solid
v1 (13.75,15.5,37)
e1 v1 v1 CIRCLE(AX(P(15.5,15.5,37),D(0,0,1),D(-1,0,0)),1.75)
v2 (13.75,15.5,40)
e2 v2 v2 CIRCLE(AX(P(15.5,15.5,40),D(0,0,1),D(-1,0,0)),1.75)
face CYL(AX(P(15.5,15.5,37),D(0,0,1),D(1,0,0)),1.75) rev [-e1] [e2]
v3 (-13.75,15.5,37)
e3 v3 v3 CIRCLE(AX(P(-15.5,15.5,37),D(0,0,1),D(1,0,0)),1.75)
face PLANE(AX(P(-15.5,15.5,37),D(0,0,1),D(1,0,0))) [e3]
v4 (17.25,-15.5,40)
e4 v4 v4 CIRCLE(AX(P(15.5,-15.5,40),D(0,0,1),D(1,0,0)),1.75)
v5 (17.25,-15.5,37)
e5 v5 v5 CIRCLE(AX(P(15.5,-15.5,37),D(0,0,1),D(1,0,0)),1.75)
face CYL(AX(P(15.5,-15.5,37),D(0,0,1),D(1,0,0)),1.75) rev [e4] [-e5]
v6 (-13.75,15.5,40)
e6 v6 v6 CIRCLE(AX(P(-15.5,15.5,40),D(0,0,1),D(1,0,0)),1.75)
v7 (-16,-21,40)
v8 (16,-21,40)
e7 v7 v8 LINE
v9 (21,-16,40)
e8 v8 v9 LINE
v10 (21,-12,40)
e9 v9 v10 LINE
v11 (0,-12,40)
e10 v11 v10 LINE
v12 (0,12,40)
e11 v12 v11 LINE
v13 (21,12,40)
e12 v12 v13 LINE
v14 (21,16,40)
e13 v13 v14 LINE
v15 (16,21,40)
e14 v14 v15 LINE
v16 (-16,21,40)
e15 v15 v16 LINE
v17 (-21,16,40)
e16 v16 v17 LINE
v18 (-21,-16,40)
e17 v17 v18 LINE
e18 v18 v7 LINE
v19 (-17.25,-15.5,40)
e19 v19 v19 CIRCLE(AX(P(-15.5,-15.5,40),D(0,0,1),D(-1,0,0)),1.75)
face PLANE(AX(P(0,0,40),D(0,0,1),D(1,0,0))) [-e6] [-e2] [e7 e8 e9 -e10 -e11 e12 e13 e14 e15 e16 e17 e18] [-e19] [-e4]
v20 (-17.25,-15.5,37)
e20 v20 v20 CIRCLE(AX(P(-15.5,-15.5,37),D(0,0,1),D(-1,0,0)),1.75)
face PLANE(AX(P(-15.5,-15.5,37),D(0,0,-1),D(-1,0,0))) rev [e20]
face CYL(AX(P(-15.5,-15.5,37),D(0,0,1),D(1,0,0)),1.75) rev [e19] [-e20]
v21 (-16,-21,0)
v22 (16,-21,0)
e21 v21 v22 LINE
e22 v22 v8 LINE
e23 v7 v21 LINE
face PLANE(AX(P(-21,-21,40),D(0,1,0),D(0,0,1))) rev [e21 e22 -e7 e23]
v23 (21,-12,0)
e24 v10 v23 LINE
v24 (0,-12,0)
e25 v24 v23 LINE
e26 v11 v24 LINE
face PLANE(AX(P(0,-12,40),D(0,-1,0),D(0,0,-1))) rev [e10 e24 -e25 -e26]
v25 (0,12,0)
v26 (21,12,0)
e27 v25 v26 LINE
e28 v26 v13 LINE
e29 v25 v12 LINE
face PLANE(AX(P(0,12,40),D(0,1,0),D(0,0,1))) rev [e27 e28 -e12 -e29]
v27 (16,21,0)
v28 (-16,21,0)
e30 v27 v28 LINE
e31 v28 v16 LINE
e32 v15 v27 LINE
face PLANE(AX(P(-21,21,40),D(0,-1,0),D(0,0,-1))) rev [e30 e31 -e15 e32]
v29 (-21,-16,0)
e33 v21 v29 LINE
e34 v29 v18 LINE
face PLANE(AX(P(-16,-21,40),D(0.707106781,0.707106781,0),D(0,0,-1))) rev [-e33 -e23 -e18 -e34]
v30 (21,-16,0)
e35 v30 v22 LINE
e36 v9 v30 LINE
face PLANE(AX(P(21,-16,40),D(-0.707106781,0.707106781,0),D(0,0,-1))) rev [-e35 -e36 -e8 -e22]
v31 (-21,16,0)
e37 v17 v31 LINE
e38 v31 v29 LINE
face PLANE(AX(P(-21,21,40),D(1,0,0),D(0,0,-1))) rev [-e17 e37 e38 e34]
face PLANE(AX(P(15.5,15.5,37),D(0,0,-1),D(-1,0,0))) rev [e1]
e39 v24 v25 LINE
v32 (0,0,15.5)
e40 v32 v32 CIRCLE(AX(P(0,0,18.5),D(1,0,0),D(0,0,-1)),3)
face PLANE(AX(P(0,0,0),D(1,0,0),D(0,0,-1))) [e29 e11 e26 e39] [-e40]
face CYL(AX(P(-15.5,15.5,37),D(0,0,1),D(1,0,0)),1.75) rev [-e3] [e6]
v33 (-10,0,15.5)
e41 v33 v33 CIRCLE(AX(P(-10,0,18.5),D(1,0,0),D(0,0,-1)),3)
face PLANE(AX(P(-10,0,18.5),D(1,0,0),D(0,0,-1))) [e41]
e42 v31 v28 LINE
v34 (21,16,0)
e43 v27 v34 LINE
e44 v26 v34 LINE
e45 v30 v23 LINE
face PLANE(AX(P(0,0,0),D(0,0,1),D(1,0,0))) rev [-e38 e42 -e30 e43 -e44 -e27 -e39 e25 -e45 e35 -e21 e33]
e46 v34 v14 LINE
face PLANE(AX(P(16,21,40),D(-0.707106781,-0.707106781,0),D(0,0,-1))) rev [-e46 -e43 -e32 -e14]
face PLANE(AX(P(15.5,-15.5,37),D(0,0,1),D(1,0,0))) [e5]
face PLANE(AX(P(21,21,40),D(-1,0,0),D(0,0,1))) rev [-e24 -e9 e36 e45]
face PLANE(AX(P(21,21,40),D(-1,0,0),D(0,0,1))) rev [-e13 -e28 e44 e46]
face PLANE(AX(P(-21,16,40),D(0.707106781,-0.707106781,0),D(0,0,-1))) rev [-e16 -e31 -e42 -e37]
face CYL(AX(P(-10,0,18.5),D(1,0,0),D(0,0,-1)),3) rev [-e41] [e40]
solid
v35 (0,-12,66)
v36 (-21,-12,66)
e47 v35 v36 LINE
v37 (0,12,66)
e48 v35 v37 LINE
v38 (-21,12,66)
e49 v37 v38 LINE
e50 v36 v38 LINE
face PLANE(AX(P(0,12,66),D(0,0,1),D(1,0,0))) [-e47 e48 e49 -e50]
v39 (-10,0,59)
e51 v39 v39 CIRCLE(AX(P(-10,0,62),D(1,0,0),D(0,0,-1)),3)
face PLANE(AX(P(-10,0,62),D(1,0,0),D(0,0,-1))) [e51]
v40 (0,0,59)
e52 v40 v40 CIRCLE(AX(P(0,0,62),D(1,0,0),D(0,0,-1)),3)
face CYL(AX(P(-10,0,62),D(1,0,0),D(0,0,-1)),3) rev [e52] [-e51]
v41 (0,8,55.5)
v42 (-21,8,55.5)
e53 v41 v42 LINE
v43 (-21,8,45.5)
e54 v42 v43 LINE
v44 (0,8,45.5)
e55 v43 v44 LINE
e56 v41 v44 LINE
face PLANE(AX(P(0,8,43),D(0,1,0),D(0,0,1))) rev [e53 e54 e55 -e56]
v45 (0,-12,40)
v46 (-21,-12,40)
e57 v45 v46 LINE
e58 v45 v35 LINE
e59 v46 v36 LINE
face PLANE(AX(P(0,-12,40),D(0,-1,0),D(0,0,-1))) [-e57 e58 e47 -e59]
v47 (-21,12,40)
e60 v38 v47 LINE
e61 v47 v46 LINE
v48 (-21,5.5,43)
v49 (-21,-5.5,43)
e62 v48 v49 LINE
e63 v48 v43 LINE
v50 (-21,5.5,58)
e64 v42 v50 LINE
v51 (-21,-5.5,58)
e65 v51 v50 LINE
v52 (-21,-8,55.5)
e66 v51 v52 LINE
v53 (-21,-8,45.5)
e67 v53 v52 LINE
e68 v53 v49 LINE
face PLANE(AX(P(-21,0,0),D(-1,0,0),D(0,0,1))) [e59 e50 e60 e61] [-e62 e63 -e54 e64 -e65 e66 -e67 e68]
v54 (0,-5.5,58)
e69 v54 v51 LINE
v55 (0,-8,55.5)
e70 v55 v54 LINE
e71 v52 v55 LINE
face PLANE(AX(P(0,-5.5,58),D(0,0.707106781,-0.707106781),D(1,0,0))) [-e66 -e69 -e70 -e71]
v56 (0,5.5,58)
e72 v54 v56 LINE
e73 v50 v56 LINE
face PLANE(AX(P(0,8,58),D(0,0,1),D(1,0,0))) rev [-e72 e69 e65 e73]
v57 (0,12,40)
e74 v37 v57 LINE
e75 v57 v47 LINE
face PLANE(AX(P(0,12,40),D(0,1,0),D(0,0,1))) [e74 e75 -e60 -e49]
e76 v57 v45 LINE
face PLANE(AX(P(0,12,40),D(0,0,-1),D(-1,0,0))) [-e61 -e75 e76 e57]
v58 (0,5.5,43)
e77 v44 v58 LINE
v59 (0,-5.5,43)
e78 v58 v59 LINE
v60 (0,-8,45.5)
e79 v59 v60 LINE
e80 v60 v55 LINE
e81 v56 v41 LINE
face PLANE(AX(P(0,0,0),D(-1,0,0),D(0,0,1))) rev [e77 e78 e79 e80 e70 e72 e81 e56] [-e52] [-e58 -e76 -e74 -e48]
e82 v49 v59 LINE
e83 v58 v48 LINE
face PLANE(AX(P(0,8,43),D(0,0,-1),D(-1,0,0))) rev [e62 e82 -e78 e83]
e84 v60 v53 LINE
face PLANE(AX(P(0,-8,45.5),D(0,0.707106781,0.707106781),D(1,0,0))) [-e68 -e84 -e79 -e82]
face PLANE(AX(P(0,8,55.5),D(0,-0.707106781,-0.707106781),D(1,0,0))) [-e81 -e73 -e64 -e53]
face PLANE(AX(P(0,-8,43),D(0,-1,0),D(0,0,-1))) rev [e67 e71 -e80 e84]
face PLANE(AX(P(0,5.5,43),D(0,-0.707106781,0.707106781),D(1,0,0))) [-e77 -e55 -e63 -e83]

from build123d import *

# Parameters (mm, degrees)
SKETCH_1_W          = 42
SKETCH_1_H          = 42
EXTRUDE_1_DEPTH     = 40
CHAMFER_1_SIZE      = 5
SKETCH_4_R          = 1.75
CUT_EXTRUDE_1_DEPTH = 3
SKETCH_5_W          = 26
SKETCH_5_H          = 24
SKETCH_5_W_2        = 15
SKETCH_5_H_2        = 16
EXTRUDE_2_DEPTH     = 21
SKETCH_7_W          = 40
SKETCH_7_H          = 24
CUT_EXTRUDE_3_DEPTH = 21
SKETCH_6_R          = 3
CUT_EXTRUDE_2_DEPTH = 10
CHAMFER_2_SIZE      = 2.5


with BuildPart() as part:
    # 草圖1 → 填料-伸長1 (new body)
    with BuildSketch(Plane.XY):
        Rectangle(SKETCH_1_W, SKETCH_1_H)
    extrude(amount=EXTRUDE_1_DEPTH)

    # 導角1
    chamfer_1_edges = [part.edges().sort_by_distance(p)[0] for p in [
        (-21, 21, 20),
        (21, 21, 20),
        (21, -21, 20),
        (-21, -21, 20),
    ]]
    chamfer(chamfer_1_edges, length=CHAMFER_1_SIZE)

    # 草圖4 → 除料-伸長1 (cut)
    with BuildSketch(Plane.XY.offset(40)):
        with Locations((-15.5, 15.5)):
            Circle(SKETCH_4_R)
        with Locations(Location((-15.5, -15.5, 0), (0, 0, 180))):
            Circle(SKETCH_4_R)
        with Locations((15.5, -15.5)):
            Circle(SKETCH_4_R)
        with Locations(Location((15.5, 15.5, 0), (0, 0, 180))):
            Circle(SKETCH_4_R)
    extrude(amount=-CUT_EXTRUDE_1_DEPTH, mode=Mode.SUBTRACT)

    # 草圖7 → 除料-伸長3 (cut)
    with BuildSketch(Plane(origin=(21, 0, 0), x_dir=(0, 0, -1), z_dir=(1, 0, 0))):
        with Locations((-20, 0)):
            Rectangle(SKETCH_7_W, SKETCH_7_H)
    extrude(amount=-CUT_EXTRUDE_3_DEPTH, mode=Mode.SUBTRACT)


with BuildPart() as body_2:
    # 草圖5 → 填料-伸長2 (new body)
    with BuildSketch(Plane.ZY.offset(21)):
        with Locations((53, 0)):
            Rectangle(SKETCH_5_W, SKETCH_5_H)
        with Locations((50.5, 0)):
            Rectangle(SKETCH_5_W_2, SKETCH_5_H_2, mode=Mode.SUBTRACT)
    extrude(amount=-EXTRUDE_2_DEPTH)


with BuildPart() as cut_extrude_2_tool:
    # 草圖6 → 除料-伸長2 (new body)
    with BuildSketch(Plane(origin=(0, 0, 0), x_dir=(0, 0, -1), z_dir=(1, 0, 0))):
        with Locations((-62, 0)):
            Circle(SKETCH_6_R)
        with Locations((-18.5, 0)):
            Circle(SKETCH_6_R)
    extrude(amount=-CUT_EXTRUDE_2_DEPTH)


with BuildPart() as part_1:
    add(part.part)

    # 除料-伸長2: cut by cut_extrude_2_tool
    add(cut_extrude_2_tool.part, mode=Mode.SUBTRACT)


with BuildPart() as body_2_1:
    add(body_2.part)

    # 除料-伸長2: cut by cut_extrude_2_tool
    add(cut_extrude_2_tool.part, mode=Mode.SUBTRACT)

    # 導角2
    chamfer_2_edges = [body_2_1.edges().sort_by_distance(p)[0] for p in [
        (-10.5, -8, 43),
        (-10.5, 8, 43),
        (-10.5, 8, 58),
        (-10.5, -8, 58),
    ]]
    chamfer(chamfer_2_edges, length=CHAMFER_2_SIZE)


solid = Compound([part_1.part, body_2_1.part])
